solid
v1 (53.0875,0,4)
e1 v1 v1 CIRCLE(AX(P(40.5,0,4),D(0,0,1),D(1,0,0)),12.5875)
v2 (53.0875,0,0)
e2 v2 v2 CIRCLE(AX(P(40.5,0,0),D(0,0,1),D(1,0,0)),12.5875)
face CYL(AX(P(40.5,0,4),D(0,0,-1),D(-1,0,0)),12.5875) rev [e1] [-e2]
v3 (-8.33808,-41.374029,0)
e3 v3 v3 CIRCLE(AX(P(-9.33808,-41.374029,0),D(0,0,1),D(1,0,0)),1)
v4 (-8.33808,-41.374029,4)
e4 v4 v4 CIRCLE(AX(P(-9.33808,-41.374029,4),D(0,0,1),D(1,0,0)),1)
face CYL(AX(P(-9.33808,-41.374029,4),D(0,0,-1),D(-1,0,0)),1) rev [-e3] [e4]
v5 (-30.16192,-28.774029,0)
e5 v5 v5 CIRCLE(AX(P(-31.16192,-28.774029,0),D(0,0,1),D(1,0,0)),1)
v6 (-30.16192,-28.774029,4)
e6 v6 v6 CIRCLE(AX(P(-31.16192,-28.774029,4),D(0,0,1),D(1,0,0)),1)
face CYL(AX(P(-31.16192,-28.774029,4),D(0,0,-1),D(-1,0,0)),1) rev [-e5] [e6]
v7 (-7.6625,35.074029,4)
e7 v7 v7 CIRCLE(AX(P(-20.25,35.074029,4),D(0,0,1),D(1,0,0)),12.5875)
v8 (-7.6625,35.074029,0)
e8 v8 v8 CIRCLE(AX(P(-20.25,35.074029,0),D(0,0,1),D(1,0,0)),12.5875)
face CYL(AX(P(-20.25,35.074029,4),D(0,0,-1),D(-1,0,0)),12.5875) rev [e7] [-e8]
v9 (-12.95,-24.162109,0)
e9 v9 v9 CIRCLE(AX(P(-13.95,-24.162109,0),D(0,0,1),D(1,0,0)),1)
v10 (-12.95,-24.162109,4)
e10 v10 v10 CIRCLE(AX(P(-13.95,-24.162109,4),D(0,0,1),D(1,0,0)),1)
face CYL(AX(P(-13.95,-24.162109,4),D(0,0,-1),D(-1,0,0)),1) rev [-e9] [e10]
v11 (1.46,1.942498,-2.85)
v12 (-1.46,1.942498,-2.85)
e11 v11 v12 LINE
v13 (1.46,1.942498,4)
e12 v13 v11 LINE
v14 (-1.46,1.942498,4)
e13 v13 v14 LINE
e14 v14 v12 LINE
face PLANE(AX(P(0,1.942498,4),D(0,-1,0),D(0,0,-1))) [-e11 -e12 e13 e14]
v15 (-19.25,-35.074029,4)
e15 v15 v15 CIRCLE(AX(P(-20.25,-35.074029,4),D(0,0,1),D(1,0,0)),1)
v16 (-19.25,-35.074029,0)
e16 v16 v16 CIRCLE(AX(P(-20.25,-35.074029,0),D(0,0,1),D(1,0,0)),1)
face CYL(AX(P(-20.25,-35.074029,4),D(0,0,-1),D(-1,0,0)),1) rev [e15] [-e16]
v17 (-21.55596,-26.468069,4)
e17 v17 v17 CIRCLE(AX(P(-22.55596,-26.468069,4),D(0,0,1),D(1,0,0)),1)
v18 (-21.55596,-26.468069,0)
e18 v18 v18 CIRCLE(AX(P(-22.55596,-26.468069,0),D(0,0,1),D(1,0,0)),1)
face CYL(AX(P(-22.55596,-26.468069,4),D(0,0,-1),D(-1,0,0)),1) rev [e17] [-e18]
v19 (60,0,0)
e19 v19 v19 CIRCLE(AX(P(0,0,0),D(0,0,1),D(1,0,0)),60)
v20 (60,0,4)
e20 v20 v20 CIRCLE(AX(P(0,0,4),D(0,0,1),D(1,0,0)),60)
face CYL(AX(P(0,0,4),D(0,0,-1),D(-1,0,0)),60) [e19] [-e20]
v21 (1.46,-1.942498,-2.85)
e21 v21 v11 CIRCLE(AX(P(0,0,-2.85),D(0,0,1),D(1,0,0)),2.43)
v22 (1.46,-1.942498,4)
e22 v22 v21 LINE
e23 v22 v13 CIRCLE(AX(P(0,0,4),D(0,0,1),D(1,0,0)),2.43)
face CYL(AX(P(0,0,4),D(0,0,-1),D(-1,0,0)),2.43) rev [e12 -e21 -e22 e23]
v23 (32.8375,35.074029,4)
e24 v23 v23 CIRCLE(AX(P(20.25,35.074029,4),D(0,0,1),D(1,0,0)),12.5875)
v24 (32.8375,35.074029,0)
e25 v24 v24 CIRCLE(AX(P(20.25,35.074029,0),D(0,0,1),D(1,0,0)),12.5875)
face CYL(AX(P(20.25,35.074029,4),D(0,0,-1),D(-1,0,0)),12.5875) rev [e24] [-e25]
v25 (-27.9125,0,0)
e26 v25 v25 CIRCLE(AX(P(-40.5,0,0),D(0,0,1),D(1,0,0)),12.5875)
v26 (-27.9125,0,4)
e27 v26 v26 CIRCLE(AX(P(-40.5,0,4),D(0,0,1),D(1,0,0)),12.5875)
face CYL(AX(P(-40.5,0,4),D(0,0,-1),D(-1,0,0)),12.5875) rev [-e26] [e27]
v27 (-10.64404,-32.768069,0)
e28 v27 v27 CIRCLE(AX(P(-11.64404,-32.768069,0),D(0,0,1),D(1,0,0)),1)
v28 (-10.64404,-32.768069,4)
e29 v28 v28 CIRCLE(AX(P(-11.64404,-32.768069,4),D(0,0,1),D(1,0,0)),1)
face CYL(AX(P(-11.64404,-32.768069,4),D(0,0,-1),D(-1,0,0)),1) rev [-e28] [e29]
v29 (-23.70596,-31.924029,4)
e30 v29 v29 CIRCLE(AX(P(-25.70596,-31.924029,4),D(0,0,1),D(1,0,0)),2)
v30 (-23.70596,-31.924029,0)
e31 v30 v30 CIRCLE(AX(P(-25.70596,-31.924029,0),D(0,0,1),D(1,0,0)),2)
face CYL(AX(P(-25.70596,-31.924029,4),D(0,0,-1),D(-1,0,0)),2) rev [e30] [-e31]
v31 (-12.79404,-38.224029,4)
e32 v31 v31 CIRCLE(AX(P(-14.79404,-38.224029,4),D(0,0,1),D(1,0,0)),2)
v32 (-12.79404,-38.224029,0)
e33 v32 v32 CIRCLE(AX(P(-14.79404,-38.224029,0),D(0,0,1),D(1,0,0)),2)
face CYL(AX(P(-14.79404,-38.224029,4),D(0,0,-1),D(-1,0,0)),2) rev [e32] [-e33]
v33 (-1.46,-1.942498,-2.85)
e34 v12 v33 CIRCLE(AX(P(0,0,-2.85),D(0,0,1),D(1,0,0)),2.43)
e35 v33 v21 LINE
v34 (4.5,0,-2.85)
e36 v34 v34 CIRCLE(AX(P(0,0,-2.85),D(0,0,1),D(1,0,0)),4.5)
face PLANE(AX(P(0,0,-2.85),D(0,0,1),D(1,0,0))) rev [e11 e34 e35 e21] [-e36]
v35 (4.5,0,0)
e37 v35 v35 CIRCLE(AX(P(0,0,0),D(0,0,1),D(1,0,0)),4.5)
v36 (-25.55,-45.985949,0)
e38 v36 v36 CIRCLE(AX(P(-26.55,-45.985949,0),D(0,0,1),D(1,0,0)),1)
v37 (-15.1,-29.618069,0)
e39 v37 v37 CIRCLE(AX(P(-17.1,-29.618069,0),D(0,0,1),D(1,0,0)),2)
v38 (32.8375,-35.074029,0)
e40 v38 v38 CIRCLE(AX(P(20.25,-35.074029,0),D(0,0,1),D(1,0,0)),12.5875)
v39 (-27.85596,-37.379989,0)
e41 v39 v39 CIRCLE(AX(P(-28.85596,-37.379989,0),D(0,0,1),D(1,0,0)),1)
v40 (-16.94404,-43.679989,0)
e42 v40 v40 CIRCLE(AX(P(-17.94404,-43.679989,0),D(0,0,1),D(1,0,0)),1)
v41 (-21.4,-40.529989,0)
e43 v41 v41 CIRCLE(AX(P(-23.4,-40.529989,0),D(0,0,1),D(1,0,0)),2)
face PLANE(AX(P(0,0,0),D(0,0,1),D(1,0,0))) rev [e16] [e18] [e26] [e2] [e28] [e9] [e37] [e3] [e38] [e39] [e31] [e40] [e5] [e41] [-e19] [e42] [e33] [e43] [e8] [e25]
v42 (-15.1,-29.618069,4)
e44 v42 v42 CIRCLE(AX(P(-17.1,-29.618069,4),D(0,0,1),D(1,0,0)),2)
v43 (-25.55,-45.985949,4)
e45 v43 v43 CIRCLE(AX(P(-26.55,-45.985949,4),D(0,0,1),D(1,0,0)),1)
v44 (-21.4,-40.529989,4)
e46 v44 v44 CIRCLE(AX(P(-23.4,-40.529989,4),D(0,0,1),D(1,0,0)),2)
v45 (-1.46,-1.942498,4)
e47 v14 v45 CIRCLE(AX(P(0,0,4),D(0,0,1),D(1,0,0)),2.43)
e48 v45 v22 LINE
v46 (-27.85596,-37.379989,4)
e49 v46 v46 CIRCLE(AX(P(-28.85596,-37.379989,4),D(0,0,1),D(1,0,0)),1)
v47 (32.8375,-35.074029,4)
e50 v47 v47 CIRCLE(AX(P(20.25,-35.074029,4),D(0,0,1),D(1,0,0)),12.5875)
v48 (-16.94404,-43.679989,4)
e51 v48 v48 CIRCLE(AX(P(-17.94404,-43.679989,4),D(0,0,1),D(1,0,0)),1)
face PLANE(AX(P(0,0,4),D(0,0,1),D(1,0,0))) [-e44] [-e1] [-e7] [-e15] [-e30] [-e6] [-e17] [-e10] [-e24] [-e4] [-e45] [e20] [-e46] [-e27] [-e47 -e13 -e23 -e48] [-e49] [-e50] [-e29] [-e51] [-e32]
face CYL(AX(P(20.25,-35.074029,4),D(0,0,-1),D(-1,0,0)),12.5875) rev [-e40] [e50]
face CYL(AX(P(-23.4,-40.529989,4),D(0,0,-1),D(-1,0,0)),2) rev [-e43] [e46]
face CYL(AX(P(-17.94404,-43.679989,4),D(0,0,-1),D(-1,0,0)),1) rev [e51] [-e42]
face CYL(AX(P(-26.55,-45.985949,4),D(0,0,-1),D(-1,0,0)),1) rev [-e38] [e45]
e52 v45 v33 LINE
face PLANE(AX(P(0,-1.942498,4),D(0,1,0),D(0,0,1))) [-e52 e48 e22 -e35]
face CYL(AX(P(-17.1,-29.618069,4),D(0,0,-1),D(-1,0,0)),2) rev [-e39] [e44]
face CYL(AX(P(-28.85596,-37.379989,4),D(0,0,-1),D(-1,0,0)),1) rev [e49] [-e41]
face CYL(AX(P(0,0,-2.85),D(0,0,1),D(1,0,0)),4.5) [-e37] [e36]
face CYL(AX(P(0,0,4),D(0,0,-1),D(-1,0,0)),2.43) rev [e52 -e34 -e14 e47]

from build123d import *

# Parameters (mm, degrees)
SKETCH_1_R          = 60
EXTRUDE_1_DEPTH     = 4
SKETCH_2_R          = 12.5875
SKETCH_2_R_2        = 1
SKETCH_2_R_3        = 2
CUT_EXTRUDE_2_DEPTH = 4
EXTRUDE_START       = -2.85
SKETCH_2_4_R        = 4.5
EXTRUDE_2_DEPTH     = 2.85


with BuildPart() as part:
    # 草圖1 → 填料-伸長1 (new body)
    with BuildSketch(Plane.XY):
        Circle(SKETCH_1_R)
    extrude(amount=EXTRUDE_1_DEPTH)

    # 草圖2 → 除料-伸長2 (cut)
    with BuildSketch(Plane.XY):
        with BuildLine():
            ThreePointArc((-1.46, 1.942498391), (-2.43, 0), (-1.46, -1.942498391))
            Line((-1.46, -1.942498391), (1.46, -1.942498391))
            ThreePointArc((1.46, -1.942498391), (2.43, 0), (1.46, 1.942498391))
            Line((1.46, 1.942498391), (-1.46, 1.942498391))
        make_face()
        with Locations((-40.5, 0)):
            Circle(SKETCH_2_R)
        with Locations((-20.25, 35.074028853)):
            Circle(SKETCH_2_R)
        with Locations((20.25, 35.074028853)):
            Circle(SKETCH_2_R)
        with Locations((40.5, 0)):
            Circle(SKETCH_2_R)
        with Locations((20.25, -35.074028853)):
            Circle(SKETCH_2_R)
        with Locations((-20.25, -35.074028853)):
            Circle(SKETCH_2_R_2)
        with Locations((-17.1, -29.618068809)):
            Circle(SKETCH_2_R_3)
        with Locations((-22.555960044, -26.468068809)):
            Circle(SKETCH_2_R_2)
        with Locations((-11.644039956, -32.768068809)):
            Circle(SKETCH_2_R_2)
        with Locations((-17.944039956, -43.679988897)):
            Circle(SKETCH_2_R_2)
        with Locations((-28.855960044, -37.379988897)):
            Circle(SKETCH_2_R_2)
        with Locations((-14.794039956, -38.224028853)):
            Circle(SKETCH_2_R_3)
        with Locations((-25.705960044, -31.924028853)):
            Circle(SKETCH_2_R_3)
        with Locations((-23.4, -40.529988897)):
            Circle(SKETCH_2_R_3)
        with Locations((-31.161920088, -28.774028853)):
            Circle(SKETCH_2_R_2)
        with Locations((-13.95, -24.162108766)):
            Circle(SKETCH_2_R_2)
        with Locations((-9.338079912, -41.374028853)):
            Circle(SKETCH_2_R_2)
        with Locations((-26.55, -45.985948941)):
            Circle(SKETCH_2_R_2)
    extrude(amount=CUT_EXTRUDE_2_DEPTH, mode=Mode.SUBTRACT)

    # 草圖2<4> → 填料-伸長2 (add)
    with BuildSketch(Plane.XY.offset(EXTRUDE_START)):
        Circle(SKETCH_2_4_R)
        with BuildLine():
            ThreePointArc((1.46, -1.942498391), (2.43, 0), (1.46, 1.942498391))
            Line((1.46, 1.942498391), (-1.46, 1.942498391))
            ThreePointArc((-1.46, 1.942498391), (-2.43, 0), (-1.46, -1.942498391))
            Line((-1.46, -1.942498391), (1.46, -1.942498391))
        make_face(mode=Mode.SUBTRACT)
    extrude(amount=EXTRUDE_2_DEPTH)


solid = part.part
